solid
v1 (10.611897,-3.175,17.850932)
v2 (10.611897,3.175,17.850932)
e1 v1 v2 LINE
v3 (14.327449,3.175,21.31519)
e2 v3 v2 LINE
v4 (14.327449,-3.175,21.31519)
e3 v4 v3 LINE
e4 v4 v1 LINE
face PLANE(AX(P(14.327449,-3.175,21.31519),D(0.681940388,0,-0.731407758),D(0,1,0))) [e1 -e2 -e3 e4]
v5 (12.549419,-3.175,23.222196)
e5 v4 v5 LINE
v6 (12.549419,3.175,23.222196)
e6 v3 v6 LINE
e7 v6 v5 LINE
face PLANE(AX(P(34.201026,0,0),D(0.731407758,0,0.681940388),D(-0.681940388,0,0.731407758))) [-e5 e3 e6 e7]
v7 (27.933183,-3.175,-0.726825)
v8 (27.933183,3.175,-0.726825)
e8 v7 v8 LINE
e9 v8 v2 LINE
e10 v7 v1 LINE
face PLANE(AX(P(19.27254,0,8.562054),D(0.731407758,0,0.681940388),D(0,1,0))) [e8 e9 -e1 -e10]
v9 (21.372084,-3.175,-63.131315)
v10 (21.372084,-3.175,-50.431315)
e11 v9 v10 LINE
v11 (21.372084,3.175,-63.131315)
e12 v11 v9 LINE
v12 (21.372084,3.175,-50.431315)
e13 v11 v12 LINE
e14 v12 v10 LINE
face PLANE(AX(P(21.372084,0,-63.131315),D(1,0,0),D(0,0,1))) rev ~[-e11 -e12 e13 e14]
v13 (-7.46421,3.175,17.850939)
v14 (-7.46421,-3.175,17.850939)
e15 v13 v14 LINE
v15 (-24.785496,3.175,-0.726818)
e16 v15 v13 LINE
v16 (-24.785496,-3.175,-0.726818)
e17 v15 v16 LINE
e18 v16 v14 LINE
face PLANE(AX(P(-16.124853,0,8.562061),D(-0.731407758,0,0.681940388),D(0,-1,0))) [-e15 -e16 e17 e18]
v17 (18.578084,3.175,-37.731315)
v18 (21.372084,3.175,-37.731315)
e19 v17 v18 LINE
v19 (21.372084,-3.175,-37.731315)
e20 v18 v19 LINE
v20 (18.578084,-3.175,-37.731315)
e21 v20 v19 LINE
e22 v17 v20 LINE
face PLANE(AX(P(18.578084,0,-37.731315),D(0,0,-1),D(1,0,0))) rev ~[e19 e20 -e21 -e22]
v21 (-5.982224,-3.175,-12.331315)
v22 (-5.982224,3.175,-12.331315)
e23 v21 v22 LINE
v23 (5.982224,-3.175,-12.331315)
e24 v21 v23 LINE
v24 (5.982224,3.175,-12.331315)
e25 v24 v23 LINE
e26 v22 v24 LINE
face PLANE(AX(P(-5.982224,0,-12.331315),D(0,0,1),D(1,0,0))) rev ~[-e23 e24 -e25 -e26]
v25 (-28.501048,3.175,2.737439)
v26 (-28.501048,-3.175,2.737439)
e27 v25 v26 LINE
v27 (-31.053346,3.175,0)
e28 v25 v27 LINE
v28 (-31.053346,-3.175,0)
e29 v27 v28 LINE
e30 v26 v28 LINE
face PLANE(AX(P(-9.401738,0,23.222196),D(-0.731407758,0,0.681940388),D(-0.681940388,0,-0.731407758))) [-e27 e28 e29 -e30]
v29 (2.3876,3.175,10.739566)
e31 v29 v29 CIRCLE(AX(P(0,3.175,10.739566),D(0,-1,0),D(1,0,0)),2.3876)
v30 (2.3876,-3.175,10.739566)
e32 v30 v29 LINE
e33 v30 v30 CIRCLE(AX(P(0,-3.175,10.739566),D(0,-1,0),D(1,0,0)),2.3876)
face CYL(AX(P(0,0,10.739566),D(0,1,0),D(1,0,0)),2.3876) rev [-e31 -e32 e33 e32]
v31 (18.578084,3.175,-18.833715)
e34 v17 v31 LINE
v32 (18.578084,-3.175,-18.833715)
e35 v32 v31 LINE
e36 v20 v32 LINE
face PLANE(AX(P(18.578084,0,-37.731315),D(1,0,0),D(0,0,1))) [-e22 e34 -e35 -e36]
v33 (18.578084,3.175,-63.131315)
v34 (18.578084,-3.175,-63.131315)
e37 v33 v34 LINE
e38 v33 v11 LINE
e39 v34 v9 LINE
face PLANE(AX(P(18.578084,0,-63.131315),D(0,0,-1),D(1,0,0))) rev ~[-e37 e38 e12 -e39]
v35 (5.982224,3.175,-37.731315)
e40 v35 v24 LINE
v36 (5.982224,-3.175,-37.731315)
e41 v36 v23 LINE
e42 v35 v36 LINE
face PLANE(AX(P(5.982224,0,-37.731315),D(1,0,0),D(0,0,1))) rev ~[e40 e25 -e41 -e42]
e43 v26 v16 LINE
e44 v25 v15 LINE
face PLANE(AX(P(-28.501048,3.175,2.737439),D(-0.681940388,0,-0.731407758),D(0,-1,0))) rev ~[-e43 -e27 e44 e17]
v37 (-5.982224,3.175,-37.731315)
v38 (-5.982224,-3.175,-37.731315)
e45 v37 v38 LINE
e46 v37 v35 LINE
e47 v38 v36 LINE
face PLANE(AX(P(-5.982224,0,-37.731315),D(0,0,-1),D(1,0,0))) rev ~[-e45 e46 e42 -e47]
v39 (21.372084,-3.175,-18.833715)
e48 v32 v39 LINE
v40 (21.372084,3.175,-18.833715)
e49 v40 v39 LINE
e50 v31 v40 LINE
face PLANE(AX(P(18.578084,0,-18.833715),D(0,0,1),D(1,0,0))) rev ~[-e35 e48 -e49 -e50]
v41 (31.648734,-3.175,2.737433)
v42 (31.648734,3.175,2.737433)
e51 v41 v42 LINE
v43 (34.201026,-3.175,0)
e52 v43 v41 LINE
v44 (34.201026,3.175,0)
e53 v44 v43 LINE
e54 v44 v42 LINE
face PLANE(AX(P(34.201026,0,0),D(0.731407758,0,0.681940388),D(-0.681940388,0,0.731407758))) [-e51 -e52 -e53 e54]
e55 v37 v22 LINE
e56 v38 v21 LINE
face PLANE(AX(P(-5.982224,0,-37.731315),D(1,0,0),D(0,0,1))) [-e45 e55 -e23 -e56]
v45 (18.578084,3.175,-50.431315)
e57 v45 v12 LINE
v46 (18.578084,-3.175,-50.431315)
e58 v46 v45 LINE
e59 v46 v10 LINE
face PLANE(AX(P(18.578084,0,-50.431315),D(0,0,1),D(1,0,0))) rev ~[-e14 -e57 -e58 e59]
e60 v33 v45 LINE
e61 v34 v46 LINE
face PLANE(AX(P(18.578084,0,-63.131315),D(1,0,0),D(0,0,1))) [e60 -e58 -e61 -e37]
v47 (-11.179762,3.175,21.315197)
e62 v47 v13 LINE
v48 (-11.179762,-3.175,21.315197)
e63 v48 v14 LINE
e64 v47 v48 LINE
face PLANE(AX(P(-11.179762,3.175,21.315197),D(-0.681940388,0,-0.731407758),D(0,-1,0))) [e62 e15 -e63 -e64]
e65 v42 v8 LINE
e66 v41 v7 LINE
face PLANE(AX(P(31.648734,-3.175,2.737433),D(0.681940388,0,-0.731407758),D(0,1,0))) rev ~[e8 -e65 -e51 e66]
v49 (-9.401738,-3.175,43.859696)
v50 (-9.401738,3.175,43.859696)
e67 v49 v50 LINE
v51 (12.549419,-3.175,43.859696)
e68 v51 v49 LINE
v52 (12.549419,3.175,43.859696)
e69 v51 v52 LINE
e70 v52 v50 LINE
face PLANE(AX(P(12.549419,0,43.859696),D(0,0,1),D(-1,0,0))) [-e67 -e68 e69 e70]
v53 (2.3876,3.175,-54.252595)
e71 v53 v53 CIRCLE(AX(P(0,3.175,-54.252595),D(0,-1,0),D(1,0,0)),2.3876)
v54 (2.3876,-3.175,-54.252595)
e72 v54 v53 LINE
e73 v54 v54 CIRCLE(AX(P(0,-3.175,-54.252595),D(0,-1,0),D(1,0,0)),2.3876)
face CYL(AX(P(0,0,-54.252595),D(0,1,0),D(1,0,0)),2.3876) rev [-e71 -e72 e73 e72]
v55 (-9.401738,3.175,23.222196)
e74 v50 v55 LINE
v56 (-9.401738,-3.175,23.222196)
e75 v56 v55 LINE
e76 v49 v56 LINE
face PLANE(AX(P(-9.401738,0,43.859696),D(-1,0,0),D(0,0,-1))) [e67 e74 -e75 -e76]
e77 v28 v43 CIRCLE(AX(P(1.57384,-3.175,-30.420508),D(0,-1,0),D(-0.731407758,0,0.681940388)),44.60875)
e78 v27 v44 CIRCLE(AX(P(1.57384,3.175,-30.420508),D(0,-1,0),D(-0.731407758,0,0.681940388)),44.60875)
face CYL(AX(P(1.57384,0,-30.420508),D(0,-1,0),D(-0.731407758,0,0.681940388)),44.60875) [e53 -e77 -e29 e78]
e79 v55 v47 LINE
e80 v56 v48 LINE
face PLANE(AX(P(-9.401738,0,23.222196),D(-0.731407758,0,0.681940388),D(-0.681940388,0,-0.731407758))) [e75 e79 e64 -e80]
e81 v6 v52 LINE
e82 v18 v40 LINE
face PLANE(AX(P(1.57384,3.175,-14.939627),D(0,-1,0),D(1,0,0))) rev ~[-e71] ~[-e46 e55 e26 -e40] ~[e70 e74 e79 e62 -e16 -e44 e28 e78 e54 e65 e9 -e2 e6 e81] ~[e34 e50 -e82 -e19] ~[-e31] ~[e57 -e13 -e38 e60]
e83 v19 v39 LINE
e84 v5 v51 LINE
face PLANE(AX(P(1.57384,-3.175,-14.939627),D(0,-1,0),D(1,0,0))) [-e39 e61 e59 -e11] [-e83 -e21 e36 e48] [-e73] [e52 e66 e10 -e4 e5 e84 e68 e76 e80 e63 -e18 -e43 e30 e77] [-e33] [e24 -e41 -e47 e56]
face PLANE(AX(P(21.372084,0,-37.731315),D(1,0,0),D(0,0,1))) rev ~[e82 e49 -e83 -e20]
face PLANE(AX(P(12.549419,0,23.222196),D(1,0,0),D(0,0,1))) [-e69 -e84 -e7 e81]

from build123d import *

# Parameters (mm, degrees)
F0_R     = 2.3876
F0_W     = 11.9644477963
F0_H     = 25.4
F0_W_2   = 2.794
F0_H_2   = 12.7
F0_H_3   = 18.8976
F1_DEPTH = 3.175
F3_W     = 6.35
F3_H     = 25.4
F4_DEPTH = 5.08
F6_W     = 6.35
F6_H     = 25.4
F7_DEPTH = 5.08


with BuildPart() as f1:
    # F0 (on Front) → F1 (new body, symmetric)
    with BuildSketch(Plane.XZ):
        with BuildLine():
            Line((-9.4017383467, 23.2221963037), (-31.0533456504, 0))
            ThreePointArc((-31.0533456504, 0), (1.5738401562, -75.0292582617), (34.2010259628, 0))
            Line((34.2010259628, 0), (12.5494186591, 23.2221963037))
            Line((12.5494186591, 23.2221963037), (12.5494186591, 43.8596963037))
            Line((12.5494186591, 43.8596963037), (-9.4017383467, 43.8596963037))
            Line((-9.4017383467, 43.8596963037), (-9.4017383467, 23.2221963037))
        make_face()
        with Locations((0, -54.2525947094)):
            Circle(F0_R, mode=Mode.SUBTRACT)
        with Locations((0, -25.0313151628)):
            Rectangle(F0_W, F0_H, mode=Mode.SUBTRACT)
        with Locations((19.9750838982, -56.7813151628)):
            Rectangle(F0_W_2, F0_H_2, mode=Mode.SUBTRACT)
        with Locations((19.9750838982, -28.2825151628)):
            Rectangle(F0_W_2, F0_H_3, mode=Mode.SUBTRACT)
        with Locations((0, 10.739565827)):
            Circle(F0_R, mode=Mode.SUBTRACT)
    extrude(amount=F1_DEPTH, both=True)

    # F3 (on offset) → F4 (cut)
    with BuildSketch(Plane(origin=(-16.6122141895, 0, 15.4886787354), x_dir=(0, -1, 0), z_dir=(-0.7314077576, 0, 0.6819403875))):
        with Locations((0, -4.733831039)):
            Rectangle(F3_W, F3_H)
    extrude(amount=-F4_DEPTH, mode=Mode.SUBTRACT)

    # F6 (on offset) → F7 (cut)
    with BuildSketch(Plane(origin=(18.2960887755, 0, 17.0586676721), x_dir=(0, 1, 0), z_dir=(0.7314077576, 0, 0.6819403875))):
        with Locations((0, -6.8803708986)):
            Rectangle(F6_W, F6_H)
    extrude(amount=-F7_DEPTH, mode=Mode.SUBTRACT)


solid = f1.part
